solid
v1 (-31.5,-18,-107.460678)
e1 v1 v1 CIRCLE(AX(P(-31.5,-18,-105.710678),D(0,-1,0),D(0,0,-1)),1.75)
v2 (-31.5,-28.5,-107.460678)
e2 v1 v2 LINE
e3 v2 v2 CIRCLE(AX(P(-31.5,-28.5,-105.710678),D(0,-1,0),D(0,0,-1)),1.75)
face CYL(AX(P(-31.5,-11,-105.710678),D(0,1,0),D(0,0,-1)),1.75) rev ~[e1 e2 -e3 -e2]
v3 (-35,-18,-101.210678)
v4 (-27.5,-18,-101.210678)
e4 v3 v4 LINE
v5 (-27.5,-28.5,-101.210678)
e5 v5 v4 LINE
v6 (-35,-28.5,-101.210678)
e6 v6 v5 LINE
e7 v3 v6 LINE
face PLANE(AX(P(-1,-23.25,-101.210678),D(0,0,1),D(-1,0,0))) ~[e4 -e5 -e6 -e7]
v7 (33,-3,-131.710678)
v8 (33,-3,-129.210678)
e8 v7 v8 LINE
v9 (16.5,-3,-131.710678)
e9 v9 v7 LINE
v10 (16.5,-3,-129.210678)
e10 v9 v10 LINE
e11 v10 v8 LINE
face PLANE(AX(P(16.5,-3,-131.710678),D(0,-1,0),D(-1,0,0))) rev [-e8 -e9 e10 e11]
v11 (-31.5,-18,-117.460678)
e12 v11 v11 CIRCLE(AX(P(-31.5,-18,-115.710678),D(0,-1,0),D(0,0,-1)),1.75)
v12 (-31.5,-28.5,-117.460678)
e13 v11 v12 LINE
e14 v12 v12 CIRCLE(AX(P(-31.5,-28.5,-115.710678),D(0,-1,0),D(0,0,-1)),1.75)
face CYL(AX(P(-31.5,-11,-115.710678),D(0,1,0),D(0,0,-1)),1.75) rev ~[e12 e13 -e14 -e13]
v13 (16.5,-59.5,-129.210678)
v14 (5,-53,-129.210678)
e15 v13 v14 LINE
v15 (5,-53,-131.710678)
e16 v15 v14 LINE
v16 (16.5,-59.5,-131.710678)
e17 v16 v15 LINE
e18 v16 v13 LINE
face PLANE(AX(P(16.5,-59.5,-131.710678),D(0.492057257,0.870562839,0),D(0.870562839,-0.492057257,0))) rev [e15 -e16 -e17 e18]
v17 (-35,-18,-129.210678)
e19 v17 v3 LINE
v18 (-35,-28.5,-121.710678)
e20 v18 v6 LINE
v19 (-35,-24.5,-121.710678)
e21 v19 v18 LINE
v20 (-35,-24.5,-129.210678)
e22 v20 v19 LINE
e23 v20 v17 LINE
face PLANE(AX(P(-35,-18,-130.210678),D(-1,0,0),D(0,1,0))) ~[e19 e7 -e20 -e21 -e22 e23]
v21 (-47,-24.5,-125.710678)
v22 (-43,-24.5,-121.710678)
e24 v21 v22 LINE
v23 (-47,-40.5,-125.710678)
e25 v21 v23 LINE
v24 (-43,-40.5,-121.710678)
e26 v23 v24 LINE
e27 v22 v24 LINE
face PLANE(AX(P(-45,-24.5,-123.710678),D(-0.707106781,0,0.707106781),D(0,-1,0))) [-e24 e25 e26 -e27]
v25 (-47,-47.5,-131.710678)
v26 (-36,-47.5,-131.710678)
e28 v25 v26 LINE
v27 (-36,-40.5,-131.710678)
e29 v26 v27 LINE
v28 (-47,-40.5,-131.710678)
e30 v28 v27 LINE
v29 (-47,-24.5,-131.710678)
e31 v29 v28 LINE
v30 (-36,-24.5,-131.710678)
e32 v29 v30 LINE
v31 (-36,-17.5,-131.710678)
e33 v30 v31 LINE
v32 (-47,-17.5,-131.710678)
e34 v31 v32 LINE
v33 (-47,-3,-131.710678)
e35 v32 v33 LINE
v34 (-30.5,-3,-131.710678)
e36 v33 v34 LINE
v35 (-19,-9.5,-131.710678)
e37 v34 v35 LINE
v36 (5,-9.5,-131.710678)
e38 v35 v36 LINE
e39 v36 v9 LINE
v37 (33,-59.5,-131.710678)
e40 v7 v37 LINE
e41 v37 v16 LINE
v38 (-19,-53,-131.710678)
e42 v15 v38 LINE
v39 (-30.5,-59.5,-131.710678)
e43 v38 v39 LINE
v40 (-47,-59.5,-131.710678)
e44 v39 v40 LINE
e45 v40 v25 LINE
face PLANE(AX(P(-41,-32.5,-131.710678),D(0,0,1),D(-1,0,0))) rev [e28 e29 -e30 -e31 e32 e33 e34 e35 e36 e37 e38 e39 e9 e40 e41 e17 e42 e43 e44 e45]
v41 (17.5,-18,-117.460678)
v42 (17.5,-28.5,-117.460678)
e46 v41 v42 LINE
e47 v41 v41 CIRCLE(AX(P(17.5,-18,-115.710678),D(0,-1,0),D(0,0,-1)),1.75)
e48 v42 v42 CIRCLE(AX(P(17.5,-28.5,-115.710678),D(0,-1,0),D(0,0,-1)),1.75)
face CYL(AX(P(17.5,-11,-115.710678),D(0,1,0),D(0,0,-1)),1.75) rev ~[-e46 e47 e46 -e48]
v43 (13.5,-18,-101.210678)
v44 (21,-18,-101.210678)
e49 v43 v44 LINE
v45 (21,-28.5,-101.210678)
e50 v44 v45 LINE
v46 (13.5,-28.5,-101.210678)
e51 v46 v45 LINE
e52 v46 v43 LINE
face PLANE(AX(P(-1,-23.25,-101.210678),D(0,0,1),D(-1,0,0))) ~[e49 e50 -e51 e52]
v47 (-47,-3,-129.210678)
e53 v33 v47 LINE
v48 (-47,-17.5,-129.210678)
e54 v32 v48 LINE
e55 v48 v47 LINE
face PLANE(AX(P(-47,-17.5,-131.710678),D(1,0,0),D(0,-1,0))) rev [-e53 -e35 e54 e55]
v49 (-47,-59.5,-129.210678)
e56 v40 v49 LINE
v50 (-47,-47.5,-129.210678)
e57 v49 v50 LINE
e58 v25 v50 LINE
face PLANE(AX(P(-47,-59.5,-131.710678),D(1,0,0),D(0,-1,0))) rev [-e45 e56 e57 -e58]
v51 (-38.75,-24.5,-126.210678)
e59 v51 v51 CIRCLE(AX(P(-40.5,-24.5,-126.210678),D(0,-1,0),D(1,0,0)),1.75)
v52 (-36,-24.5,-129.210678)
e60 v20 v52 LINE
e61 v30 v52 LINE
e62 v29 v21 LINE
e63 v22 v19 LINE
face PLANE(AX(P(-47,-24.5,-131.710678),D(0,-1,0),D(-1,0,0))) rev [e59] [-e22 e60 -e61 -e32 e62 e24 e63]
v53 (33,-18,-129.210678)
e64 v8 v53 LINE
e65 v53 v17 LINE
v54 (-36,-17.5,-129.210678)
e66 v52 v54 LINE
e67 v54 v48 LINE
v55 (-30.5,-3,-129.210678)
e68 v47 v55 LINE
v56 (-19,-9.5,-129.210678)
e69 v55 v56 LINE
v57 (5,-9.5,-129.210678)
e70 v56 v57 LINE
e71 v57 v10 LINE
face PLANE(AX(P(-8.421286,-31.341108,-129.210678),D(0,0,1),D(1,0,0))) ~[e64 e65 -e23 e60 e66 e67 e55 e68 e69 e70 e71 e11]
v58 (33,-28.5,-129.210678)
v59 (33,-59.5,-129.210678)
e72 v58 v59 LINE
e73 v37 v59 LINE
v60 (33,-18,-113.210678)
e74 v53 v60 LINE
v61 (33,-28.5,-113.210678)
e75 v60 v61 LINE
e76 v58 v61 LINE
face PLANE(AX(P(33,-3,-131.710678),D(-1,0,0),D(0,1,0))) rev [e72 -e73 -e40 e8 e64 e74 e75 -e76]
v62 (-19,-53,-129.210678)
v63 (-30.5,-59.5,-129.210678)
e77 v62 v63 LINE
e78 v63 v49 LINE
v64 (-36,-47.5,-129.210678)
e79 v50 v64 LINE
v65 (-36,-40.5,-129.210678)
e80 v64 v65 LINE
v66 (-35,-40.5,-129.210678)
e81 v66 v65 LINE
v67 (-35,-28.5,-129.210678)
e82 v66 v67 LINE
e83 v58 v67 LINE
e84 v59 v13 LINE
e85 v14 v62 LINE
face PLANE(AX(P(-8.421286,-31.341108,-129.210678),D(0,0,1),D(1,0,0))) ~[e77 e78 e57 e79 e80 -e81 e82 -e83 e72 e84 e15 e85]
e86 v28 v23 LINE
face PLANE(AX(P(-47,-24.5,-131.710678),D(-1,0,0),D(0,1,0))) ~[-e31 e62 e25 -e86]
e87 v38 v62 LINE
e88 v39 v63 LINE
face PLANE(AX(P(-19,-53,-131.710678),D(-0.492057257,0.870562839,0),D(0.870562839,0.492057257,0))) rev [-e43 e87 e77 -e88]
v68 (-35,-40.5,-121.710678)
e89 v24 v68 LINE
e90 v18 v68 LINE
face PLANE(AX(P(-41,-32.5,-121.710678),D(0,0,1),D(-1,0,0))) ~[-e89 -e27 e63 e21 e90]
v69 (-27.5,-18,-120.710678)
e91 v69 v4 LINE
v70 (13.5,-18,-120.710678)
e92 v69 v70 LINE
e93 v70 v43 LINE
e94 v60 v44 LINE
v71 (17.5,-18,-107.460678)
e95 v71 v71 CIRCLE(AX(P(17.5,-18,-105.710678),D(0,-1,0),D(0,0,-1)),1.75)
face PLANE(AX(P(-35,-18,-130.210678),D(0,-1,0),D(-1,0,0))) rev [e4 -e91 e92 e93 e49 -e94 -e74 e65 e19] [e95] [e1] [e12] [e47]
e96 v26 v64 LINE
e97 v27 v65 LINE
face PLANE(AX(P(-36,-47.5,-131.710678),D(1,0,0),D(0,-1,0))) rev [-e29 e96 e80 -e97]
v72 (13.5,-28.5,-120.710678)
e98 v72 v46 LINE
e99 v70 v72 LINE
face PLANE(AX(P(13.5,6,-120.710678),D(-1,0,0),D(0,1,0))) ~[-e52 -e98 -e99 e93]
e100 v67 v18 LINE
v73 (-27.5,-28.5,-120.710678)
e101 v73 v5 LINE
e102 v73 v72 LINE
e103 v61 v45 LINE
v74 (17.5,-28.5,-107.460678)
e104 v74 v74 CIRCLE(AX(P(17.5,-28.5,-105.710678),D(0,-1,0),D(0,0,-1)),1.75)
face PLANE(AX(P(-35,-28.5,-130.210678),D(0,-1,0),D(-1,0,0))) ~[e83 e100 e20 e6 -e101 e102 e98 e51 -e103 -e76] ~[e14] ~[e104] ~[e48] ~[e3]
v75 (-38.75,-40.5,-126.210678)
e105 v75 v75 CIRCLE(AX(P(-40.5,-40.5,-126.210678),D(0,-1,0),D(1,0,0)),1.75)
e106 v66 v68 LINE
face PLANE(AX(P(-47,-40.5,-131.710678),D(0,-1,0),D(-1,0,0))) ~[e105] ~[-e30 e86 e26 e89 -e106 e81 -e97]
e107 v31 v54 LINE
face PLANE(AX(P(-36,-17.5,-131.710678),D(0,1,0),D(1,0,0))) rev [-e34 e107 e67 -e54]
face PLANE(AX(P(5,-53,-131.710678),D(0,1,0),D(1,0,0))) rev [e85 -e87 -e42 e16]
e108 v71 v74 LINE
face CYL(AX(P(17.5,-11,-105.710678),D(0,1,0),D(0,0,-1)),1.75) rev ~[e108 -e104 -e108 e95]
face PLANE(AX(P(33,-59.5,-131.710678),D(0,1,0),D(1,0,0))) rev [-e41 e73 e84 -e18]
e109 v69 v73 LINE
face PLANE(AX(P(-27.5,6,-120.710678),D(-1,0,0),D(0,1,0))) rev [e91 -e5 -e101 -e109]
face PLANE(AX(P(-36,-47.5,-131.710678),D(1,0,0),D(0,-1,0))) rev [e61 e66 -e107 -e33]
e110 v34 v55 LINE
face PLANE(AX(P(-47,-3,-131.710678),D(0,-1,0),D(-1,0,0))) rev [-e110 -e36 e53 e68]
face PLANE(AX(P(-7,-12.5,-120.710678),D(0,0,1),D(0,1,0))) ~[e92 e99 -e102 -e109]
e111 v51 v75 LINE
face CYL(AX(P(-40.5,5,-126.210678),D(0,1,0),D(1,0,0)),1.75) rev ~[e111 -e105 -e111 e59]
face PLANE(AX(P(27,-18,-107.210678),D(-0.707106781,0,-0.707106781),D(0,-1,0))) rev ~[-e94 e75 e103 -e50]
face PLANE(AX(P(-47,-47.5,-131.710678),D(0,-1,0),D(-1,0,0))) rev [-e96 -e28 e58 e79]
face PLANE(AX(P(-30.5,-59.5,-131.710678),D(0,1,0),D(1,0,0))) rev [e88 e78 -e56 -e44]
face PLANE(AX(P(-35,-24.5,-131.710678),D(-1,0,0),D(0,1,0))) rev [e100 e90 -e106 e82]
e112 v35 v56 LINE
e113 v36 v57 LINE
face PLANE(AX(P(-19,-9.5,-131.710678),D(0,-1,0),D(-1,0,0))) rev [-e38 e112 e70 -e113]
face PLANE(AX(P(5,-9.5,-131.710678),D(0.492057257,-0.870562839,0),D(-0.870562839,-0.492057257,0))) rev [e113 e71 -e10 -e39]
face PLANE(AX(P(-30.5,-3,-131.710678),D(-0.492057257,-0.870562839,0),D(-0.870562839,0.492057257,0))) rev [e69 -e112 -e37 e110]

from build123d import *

# Parameters (mm, degrees)
CYLINDER016_R             = 1.75
CYLINDER016_DEPTH         = 70
CYLINDER016_ROLL_ANGLE    = -90
CYLINDER026_R             = 1.75
CYLINDER026_DEPTH         = 24.5
CYLINDER026_PITCH_ANGLE   = 90
CYLINDER027_R             = 3
CYLINDER027_DEPTH         = 21.5
CYLINDER027_PITCH_ANGLE   = 90
FUSION007_PITCH_ANGLE     = -90
FUSION007_PLACEMENT_ANGLE = -180
FUSION008_PITCH_ANGLE     = -90
FUSION008_PLACEMENT_ANGLE = -180
FUSION005_PITCH_ANGLE     = -90
FUSION005_PLACEMENT_ANGLE = -180
FUSION006_PITCH_ANGLE     = -90
FUSION006_PLACEMENT_ANGLE = -180
BOX021_W                  = 37
BOX021_H                  = 41
BOX021_DEPTH              = 25
BOX021_PITCH_ANGLE        = -90
BOX021_PLACEMENT_ANGLE    = -180
FUSION012_PITCH_ANGLE     = -90
FUSION012_PLACEMENT_ANGLE = -90
BOX007_W                  = 68
BOX007_H                  = 10.5
BOX007_DEPTH              = 29
CHAMFER_SIZE              = 12
BOX057_W                  = 12
BOX057_H                  = 16
BOX057_DEPTH              = 10
PAD005_DEPTH              = 2.5
CHAMFER009_SIZE           = 4


with BuildPart() as cylinder016:
    # Cylinder016 → Cylinder016 (new body)
    with BuildSketch(Plane.XY):
        Circle(CYLINDER016_R)
    extrude(amount=CYLINDER016_DEPTH)


with BuildPart() as cylinder016_1:
    # Cylinder016 roll: moved
    add(cylinder016.part.rotate(Axis((0, 0, 0), (1, 0, 0)), CYLINDER016_ROLL_ANGLE))


with BuildPart() as cylinder016_2:
    # Cylinder016 placement: moved
    add(cylinder016_1.part.moved(Location((-40.5, -5, -149.5))))


with BuildPart() as joint_d010:
    # Cylinder026 → Cylinder026 (new body)
    with BuildSketch(Plane.XY):
        Circle(CYLINDER026_R)
    extrude(amount=CYLINDER026_DEPTH)


with BuildPart() as joint_d010_1:
    # Cylinder026 pitch: moved
    add(joint_d010.part.rotate(Axis((0, 0, 0), (0, 1, 0)), CYLINDER026_PITCH_ANGLE))


with BuildPart() as joint_d010_2:
    # Cylinder026 placement: moved
    add(joint_d010_1.part.moved(Location((16, -24.5, 7))))


with BuildPart() as joint_d011:
    # Cylinder027 → Cylinder027 (new body)
    with BuildSketch(Plane.XY):
        Circle(CYLINDER027_R)
    extrude(amount=CYLINDER027_DEPTH)


with BuildPart() as joint_d011_1:
    # Cylinder027 pitch: moved
    add(joint_d011.part.rotate(Axis((0, 0, 0), (0, 1, 0)), CYLINDER027_PITCH_ANGLE))


with BuildPart() as joint_d011_2:
    # Cylinder027 placement: moved
    add(joint_d011_1.part.moved(Location((37, -24.5, 7))))


with BuildPart() as fusion007:
    # Fusion007 base: copy of Joint-D011
    add(joint_d011_2.part)

    # Fusion007: union Joint-D010
    add(joint_d010_2.part)


with BuildPart() as fusion007_1:
    # Fusion007 pitch: moved
    add(fusion007.part.rotate(Axis((0, 0, 0), (0, 1, 0)), FUSION007_PITCH_ANGLE))


with BuildPart() as fusion007_2:
    # Fusion007 placement: moved
    add(fusion007_1.part.moved(Location((-12, -39.5, 0))).rotate(Axis((-12, -39.5, 0), (0, 0, 1)), FUSION007_PLACEMENT_ANGLE))


with BuildPart() as fusion008:
    # Fusion008 base: copy of Joint-D011
    add(joint_d011_2.part)

    # Fusion008: union Joint-D010
    add(joint_d010_2.part)


with BuildPart() as fusion008_1:
    # Fusion008 pitch: moved
    add(fusion008.part.rotate(Axis((0, 0, 0), (0, 1, 0)), FUSION008_PITCH_ANGLE))


with BuildPart() as fusion008_2:
    # Fusion008 placement: moved
    add(fusion008_1.part.moved(Location((-2, -39.5, 0))).rotate(Axis((-2, -39.5, 0), (0, 0, 1)), FUSION008_PLACEMENT_ANGLE))


with BuildPart() as fusion005:
    # Fusion005 base: copy of Joint-D011
    add(joint_d011_2.part)

    # Fusion005: union Joint-D010
    add(joint_d010_2.part)


with BuildPart() as fusion005_1:
    # Fusion005 pitch: moved
    add(fusion005.part.rotate(Axis((0, 0, 0), (0, 1, 0)), FUSION005_PITCH_ANGLE))


with BuildPart() as fusion005_2:
    # Fusion005 placement: moved
    add(fusion005_1.part.moved(Location((-12, 9.5, 0))).rotate(Axis((-12, 9.5, 0), (0, 0, 1)), FUSION005_PLACEMENT_ANGLE))


with BuildPart() as fusion006:
    # Fusion006 base: copy of Joint-D011
    add(joint_d011_2.part)

    # Fusion006: union Joint-D010
    add(joint_d010_2.part)


with BuildPart() as fusion006_1:
    # Fusion006 pitch: moved
    add(fusion006.part.rotate(Axis((0, 0, 0), (0, 1, 0)), FUSION006_PITCH_ANGLE))


with BuildPart() as fusion006_2:
    # Fusion006 placement: moved
    add(fusion006_1.part.moved(Location((-2, 9.5, 0))).rotate(Axis((-2, 9.5, 0), (0, 0, 1)), FUSION006_PLACEMENT_ANGLE))


with BuildPart() as fusion012:
    # Box021 → Box021 (new body)
    with BuildSketch(Plane.XY):
        with Locations((18.5, 20.5)):
            Rectangle(BOX021_W, BOX021_H)
    extrude(amount=BOX021_DEPTH)


with BuildPart() as fusion012_1:
    # Box021 pitch: moved
    add(fusion012.part.rotate(Axis((0, 0, 0), (0, 1, 0)), BOX021_PITCH_ANGLE))


with BuildPart() as fusion012_2:
    # Box021 placement: moved
    add(fusion012_1.part.moved(Location((-10, 30, -1))).rotate(Axis((-10, 30, -1), (0, 0, 1)), BOX021_PLACEMENT_ANGLE))

    # Fusion012: union Fusion007, Fusion008, Fusion005, Fusion006
    add(fusion007_2.part)
    add(fusion008_2.part)
    add(fusion005_2.part)
    add(fusion006_2.part)


with BuildPart() as fusion012_3:
    # Fusion012 pitch: moved
    add(fusion012_2.part.rotate(Axis((0, 0, 0), (0, 1, 0)), FUSION012_PITCH_ANGLE))


with BuildPart() as fusion012_4:
    # Fusion012 placement: moved
    add(fusion012_3.part.moved(Location((-16.5, -5, -134))).rotate(Axis((-16.5, -5, -134), (0, 0, 1)), FUSION012_PLACEMENT_ANGLE))


with BuildPart() as chamfer_body:
    # Box007 → Box007 (new body)
    with BuildSketch(Plane(origin=(-35, 18, -153.5), x_dir=(1, 0, 0), z_dir=(0, 0, 1))):
        with Locations((34, 5.25)):
            Rectangle(BOX007_W, BOX007_H)
    extrude(amount=BOX007_DEPTH)

    # Chamfer
    chamfer_edges = [chamfer_body.edges().sort_by_distance(p)[0] for p in [
        (33, 23.25, -124.5),
    ]]
    chamfer(chamfer_edges, length=CHAMFER_SIZE)


with BuildPart() as cube060:
    # Box057 → Box057 (new body)
    with BuildSketch(Plane(origin=(-47, 24.5, -155), x_dir=(1, 0, 0), z_dir=(0, 0, 1))):
        with Locations((6, 8)):
            Rectangle(BOX057_W, BOX057_H)
    extrude(amount=BOX057_DEPTH)


with BuildPart() as chamfer009:
    # Sketch007 → Pad005 (new body)
    with BuildSketch(Plane(origin=(0, 0, -155), x_dir=(1, 0, 0), z_dir=(0, 0, -1))):
        Polygon((-47, -17.5), (-47, -3), (-30.5, -3), (-19, -9.5), (5, -9.5), (16.5, -3), (33, -3), (33, -59.5), (16.5, -59.5), (5, -53), (-19, -53), (-30.5, -59.5), (-47, -59.5), (-47, -47.5), (-36, -47.5), (-36, -17.5), align=None)
    extrude(amount=-PAD005_DEPTH)

    # Fusion: union Chamfer body, Cube060
    add(chamfer_body.part)
    add(cube060.part)

    # Cut083: cut Fusion012
    add(fusion012_4.part, mode=Mode.SUBTRACT)

    # Cut084: cut Cylinder016
    add(cylinder016_2.part, mode=Mode.SUBTRACT)

    # Chamfer009
    chamfer009_edges = [chamfer009.edges().sort_by_distance(p)[0] for p in [
        (-47, 32.5, -145),
    ]]
    chamfer(chamfer009_edges, length=CHAMFER009_SIZE)


with BuildPart() as chamfer009_1:
    # Chamfer009 placement: moved
    add(chamfer009.part.moved(Location((0, 0, 94))))


with BuildPart() as clone014:
    # Part__Mirroring031: instance of Chamfer009
    add(chamfer009_1.part.mirror(Plane(origin=(0, 0, 0), x_dir=(1, 0, 0), z_dir=(0, 1, 0))))


with BuildPart() as clone014_1:
    # Clone014 placement: moved
    add(clone014.part.moved(Location((0, 0, -70.710678))))


solid = clone014_1.part
